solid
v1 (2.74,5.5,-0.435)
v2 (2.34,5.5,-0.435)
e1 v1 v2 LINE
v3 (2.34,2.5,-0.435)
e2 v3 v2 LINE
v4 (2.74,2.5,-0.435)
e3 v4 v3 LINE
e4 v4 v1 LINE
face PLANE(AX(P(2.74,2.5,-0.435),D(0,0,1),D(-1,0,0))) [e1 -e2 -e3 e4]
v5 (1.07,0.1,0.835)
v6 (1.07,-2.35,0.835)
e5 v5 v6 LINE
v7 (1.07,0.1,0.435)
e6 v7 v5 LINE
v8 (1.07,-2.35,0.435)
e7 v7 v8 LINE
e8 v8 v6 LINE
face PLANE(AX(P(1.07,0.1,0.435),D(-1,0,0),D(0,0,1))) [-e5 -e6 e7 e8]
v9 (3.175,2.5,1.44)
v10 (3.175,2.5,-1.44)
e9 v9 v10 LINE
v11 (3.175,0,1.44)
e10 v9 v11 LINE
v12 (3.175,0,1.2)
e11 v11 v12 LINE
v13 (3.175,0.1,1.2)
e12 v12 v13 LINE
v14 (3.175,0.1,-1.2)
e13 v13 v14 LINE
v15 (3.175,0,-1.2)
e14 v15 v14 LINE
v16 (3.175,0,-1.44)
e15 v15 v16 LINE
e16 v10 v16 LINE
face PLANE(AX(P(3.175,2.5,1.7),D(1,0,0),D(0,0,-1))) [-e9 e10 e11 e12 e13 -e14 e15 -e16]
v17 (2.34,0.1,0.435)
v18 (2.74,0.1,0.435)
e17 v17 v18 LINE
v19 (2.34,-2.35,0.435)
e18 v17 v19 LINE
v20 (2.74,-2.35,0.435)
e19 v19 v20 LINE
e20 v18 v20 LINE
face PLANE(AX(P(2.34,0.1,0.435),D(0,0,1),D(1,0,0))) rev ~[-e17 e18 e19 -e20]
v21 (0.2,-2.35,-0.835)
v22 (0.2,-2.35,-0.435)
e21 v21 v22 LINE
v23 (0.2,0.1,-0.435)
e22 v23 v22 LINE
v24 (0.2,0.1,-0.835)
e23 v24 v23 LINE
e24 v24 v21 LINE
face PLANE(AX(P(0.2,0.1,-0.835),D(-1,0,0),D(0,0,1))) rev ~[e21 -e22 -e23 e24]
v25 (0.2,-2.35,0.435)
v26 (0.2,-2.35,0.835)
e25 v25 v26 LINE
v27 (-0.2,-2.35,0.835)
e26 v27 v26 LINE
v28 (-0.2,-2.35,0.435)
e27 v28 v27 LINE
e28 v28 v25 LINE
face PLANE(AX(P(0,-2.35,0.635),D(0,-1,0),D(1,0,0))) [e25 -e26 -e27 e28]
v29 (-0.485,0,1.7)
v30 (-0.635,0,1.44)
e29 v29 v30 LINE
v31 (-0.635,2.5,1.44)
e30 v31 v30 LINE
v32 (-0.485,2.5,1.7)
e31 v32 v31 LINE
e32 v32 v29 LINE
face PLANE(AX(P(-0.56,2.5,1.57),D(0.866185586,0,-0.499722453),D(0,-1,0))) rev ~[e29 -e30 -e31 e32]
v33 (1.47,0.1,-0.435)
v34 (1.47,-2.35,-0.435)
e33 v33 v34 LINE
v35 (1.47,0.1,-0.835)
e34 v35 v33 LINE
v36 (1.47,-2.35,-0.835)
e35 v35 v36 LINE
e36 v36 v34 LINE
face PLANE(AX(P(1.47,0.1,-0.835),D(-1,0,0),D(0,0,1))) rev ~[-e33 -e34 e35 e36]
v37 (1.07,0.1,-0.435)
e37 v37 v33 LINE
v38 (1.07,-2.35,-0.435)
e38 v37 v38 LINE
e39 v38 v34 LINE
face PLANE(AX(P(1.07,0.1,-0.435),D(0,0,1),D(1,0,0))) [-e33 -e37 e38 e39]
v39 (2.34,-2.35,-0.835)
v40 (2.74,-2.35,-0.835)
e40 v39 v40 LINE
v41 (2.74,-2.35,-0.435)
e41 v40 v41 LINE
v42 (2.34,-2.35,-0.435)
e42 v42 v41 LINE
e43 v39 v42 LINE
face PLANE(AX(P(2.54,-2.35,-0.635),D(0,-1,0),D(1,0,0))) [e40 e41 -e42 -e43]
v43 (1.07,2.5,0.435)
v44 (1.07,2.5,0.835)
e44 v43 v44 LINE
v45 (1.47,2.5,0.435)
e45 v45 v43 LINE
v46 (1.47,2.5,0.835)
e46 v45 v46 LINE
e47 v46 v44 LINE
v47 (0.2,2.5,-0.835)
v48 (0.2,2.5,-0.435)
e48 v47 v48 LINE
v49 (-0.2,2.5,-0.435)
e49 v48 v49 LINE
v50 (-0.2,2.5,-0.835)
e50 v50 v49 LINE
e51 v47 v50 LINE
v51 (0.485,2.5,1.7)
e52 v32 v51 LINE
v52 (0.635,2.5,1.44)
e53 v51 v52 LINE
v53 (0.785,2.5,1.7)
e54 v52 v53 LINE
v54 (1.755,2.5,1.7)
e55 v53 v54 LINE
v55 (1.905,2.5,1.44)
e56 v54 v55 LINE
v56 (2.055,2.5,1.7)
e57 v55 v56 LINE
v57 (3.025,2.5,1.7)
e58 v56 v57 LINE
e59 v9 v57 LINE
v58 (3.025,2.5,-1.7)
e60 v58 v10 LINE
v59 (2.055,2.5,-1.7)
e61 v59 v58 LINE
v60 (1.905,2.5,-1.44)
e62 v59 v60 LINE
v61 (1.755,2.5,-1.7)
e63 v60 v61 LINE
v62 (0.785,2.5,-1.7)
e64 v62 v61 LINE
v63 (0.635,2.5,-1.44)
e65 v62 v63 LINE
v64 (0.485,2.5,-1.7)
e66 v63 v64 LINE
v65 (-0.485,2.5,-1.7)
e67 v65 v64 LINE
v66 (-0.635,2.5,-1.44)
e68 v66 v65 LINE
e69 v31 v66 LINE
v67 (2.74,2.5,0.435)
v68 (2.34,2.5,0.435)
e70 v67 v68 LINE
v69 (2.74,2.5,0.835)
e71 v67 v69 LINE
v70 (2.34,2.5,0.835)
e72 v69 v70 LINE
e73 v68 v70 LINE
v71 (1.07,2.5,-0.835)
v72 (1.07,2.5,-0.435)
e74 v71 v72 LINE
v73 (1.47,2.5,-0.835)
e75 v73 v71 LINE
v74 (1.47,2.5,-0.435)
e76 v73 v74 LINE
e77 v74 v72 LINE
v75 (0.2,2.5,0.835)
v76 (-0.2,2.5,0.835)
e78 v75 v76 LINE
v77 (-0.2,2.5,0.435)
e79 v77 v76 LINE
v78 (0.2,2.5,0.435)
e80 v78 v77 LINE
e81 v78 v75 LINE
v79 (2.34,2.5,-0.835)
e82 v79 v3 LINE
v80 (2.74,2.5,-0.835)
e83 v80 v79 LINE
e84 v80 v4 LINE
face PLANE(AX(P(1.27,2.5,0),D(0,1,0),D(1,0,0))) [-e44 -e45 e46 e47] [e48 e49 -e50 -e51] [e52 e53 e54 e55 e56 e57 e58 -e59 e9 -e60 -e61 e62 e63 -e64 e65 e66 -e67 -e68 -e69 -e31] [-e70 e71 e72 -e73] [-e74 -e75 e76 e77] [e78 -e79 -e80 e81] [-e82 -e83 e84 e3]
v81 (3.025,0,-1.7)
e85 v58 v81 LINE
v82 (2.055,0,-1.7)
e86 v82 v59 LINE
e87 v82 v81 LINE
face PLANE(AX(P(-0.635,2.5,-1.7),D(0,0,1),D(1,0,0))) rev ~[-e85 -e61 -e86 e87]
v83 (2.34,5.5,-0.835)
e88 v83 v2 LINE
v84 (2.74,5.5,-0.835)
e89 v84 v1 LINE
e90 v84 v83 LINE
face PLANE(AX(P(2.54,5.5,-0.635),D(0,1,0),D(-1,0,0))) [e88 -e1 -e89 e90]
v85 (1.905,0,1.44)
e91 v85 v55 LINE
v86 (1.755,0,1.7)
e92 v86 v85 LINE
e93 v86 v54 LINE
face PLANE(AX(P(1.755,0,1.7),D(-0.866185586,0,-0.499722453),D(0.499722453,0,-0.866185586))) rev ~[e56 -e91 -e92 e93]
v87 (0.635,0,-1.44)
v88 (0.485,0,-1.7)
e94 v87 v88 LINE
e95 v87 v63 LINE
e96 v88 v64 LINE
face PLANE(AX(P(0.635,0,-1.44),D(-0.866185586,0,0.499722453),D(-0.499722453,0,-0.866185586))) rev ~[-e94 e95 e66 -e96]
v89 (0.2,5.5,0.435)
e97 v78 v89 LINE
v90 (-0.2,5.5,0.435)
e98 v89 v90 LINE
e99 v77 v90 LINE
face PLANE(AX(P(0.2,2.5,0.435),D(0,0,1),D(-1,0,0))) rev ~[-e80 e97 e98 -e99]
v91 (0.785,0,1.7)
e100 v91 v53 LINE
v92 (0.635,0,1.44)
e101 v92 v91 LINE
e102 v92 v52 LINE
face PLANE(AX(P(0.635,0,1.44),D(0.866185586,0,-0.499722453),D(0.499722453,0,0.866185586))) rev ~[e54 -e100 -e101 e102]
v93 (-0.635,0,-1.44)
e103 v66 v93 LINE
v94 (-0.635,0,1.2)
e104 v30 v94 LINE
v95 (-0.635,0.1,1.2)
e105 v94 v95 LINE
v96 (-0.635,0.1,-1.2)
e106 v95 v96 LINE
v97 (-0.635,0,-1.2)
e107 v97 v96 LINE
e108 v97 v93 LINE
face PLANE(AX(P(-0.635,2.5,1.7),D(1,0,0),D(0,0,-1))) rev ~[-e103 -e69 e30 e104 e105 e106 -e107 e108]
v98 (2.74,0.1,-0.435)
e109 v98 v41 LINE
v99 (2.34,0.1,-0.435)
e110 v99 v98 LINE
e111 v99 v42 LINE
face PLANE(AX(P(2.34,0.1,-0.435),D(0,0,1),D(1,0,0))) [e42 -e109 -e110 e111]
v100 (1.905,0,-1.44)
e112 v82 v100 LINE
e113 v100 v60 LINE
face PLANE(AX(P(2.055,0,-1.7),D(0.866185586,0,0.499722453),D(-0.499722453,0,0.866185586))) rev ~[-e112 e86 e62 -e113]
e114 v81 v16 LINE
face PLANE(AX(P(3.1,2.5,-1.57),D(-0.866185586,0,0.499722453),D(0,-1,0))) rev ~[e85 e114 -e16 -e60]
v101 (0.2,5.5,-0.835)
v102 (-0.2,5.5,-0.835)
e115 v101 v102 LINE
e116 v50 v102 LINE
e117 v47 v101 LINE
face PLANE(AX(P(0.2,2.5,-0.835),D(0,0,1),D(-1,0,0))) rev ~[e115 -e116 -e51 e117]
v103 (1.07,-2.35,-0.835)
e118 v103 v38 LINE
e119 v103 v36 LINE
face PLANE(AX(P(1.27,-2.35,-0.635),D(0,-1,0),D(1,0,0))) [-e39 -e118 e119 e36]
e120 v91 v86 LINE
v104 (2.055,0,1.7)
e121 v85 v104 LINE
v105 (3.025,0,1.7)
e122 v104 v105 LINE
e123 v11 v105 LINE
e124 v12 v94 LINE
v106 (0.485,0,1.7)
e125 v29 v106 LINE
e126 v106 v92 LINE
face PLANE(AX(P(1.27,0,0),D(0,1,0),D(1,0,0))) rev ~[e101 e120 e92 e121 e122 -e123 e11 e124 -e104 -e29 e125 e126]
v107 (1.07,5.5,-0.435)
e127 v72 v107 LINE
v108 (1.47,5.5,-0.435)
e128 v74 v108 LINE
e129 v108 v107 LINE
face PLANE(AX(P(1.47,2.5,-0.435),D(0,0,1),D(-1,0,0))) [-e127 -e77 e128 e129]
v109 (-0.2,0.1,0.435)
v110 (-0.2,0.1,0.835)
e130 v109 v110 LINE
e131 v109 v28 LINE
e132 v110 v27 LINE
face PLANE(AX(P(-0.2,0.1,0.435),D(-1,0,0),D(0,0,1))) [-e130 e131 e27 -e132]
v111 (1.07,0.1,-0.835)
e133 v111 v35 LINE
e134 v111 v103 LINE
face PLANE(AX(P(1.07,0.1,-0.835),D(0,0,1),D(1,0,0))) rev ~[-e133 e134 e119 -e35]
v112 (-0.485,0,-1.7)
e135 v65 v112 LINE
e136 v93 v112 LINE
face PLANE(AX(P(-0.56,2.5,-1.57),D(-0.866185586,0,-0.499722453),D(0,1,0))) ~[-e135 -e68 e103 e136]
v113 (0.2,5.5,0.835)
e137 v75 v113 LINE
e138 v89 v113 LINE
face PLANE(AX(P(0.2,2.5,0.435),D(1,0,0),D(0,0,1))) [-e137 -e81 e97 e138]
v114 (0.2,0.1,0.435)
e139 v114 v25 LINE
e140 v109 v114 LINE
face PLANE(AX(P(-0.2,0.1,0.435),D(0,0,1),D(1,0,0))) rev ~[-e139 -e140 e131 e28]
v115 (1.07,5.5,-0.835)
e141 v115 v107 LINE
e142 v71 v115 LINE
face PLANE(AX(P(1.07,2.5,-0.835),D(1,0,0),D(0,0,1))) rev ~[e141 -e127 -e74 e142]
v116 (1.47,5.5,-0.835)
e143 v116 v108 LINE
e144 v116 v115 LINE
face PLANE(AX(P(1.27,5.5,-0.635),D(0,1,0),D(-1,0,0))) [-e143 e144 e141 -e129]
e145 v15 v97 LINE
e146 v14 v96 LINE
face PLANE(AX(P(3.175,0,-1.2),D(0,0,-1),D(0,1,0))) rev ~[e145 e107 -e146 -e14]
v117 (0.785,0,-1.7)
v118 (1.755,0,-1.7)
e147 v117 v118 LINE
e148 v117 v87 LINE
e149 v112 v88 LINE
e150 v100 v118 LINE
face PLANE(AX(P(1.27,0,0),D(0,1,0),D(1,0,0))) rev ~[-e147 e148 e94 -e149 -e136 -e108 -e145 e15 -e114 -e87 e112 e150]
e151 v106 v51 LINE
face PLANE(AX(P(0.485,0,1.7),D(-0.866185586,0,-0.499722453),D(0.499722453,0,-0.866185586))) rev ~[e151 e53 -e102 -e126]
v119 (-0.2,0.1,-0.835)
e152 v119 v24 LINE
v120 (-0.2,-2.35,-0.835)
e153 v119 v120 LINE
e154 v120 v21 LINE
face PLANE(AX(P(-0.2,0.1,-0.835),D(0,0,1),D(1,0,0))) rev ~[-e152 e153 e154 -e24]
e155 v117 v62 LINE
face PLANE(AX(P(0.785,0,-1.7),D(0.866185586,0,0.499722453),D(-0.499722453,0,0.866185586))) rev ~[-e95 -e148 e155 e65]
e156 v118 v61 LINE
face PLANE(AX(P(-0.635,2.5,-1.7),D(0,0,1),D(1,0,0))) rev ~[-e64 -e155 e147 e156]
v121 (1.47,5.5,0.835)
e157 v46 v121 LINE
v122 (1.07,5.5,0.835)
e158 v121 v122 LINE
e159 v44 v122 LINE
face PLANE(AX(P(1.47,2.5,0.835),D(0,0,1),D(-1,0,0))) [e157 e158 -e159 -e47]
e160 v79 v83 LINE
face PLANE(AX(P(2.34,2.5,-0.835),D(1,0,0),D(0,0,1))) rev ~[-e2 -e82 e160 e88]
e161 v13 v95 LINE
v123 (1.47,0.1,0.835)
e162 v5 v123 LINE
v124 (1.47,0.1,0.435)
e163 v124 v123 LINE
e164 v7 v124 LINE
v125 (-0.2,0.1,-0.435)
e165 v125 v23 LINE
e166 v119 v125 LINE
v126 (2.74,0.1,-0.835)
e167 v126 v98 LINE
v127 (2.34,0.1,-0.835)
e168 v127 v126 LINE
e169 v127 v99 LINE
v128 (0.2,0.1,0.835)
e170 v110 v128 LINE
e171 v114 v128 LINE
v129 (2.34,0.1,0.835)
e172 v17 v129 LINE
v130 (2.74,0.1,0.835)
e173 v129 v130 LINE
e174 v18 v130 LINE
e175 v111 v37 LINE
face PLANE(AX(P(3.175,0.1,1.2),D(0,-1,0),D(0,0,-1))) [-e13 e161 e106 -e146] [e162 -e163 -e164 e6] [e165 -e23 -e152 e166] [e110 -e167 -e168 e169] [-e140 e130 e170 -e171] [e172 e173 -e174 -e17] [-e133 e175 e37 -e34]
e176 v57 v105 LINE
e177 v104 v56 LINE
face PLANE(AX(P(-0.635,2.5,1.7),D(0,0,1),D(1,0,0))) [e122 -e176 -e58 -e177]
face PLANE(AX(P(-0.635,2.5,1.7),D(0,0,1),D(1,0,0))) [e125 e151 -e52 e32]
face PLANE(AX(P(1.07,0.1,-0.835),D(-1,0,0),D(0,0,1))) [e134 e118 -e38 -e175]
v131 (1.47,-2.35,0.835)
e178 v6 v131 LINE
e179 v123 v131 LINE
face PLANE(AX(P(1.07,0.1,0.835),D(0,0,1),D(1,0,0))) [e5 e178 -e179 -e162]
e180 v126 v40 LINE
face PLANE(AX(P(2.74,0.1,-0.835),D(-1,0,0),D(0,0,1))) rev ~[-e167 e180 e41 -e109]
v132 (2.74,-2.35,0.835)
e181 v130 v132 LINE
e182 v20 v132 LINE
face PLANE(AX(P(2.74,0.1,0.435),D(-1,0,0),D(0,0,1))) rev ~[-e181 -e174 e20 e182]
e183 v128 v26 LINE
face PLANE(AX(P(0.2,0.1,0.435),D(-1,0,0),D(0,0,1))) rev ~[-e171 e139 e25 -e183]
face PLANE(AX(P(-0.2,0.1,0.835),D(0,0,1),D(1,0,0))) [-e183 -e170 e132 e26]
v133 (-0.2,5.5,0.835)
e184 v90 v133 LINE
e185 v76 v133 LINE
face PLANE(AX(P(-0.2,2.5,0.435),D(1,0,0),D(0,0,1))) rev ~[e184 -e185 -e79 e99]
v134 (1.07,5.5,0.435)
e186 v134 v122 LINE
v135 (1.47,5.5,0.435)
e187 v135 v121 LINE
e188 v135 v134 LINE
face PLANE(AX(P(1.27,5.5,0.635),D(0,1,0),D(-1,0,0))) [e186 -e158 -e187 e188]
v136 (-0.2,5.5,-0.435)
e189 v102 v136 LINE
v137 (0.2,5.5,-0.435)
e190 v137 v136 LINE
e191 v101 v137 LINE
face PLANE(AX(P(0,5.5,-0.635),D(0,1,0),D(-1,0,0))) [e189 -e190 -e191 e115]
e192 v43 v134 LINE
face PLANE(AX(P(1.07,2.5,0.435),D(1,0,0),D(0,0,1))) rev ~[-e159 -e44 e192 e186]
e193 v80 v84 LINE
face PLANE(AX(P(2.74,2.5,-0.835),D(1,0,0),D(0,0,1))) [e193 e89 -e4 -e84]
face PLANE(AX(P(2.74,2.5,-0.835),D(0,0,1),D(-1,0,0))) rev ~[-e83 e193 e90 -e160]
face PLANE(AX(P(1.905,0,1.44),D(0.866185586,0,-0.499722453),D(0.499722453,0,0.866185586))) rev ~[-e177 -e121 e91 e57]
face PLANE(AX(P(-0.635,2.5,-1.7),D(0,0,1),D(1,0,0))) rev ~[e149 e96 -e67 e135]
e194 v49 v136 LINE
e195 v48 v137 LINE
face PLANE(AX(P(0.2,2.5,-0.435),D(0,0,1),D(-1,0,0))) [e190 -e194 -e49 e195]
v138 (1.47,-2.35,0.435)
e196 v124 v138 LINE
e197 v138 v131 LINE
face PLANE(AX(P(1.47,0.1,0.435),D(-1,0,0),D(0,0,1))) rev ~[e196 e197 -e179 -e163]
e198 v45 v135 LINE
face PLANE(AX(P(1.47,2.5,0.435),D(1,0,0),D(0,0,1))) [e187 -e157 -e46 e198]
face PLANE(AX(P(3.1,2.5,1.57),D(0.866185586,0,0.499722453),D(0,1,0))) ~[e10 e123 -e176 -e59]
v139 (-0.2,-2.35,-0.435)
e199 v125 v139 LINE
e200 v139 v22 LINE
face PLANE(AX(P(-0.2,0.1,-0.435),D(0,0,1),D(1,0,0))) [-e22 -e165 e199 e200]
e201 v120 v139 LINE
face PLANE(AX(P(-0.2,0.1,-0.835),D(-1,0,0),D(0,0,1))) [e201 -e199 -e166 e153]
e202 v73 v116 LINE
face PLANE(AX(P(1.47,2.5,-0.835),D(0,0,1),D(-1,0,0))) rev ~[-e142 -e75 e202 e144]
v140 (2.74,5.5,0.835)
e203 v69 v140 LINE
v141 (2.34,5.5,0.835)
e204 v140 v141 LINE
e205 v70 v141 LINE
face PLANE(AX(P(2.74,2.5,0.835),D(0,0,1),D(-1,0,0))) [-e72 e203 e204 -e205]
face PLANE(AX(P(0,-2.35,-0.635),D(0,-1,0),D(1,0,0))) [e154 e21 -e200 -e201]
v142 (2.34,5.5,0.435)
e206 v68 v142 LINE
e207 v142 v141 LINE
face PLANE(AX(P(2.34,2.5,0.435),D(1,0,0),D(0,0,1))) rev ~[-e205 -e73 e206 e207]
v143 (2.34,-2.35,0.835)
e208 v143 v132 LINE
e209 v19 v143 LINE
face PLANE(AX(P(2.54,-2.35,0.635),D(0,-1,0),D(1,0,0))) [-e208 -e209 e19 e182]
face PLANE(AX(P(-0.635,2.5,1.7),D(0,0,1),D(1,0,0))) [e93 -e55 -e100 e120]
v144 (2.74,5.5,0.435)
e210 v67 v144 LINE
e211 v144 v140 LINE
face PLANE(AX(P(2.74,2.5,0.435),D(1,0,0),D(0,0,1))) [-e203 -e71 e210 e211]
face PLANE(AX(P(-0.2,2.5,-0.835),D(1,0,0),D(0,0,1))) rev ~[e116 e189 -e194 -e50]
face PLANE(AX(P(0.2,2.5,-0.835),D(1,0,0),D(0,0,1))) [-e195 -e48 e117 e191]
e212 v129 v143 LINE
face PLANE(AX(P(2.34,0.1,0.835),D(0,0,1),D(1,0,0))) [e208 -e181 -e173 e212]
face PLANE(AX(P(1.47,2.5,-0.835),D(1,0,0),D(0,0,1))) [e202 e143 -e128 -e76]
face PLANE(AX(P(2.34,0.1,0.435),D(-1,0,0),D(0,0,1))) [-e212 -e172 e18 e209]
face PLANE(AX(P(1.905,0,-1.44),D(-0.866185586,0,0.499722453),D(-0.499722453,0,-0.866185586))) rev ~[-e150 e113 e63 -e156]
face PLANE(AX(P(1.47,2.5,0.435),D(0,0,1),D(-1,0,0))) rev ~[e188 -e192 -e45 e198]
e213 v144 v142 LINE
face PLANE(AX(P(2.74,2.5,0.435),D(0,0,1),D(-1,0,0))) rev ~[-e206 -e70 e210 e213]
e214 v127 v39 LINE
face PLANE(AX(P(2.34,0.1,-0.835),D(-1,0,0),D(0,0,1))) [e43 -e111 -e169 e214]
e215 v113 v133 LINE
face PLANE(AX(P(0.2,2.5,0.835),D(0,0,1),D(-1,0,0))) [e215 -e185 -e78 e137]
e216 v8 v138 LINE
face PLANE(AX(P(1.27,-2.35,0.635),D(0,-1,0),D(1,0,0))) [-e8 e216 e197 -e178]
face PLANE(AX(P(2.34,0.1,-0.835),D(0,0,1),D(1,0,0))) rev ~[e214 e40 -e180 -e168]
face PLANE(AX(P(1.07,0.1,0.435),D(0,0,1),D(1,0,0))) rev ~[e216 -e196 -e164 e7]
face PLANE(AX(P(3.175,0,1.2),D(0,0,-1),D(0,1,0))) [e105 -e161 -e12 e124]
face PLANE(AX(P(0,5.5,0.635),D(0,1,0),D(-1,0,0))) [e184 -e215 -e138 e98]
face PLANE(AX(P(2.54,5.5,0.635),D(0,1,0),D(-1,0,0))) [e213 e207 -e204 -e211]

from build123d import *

# Parameters (mm, degrees)
SKETCH1_W             = 3.81
SKETCH1_H             = 3.4
BOSS_EXTRUDE1_DEPTH   = 2.5
CUT_EXTRUDE1_DEPTH    = 2.5
CUT_EXTRUDE2_DEPTH    = 2.5
CUT_EXTRUDE3_DEPTH    = 2.5
SKETCH5_W             = 2.4
SKETCH5_H             = 0.1
CUT_EXTRUDE4_DEPTH    = 4.81
CUT_EXTRUDE5_DEPTH    = 2.5
SKETCH7_W             = 0.4
SKETCH7_H             = 0.4
BOSS_EXTRUDE2_DEPTH   = 2.45
SKETCH8_W             = 0.4
SKETCH8_H             = 0.4
BOSS_EXTRUDE3_DEPTH   = 2.45
SKETCH9_W             = 0.4
SKETCH9_H             = 0.4
BOSS_EXTRUDE4_DEPTH   = 2.45
SKETCH10_W            = 0.4
SKETCH10_H            = 0.4
BOSS_EXTRUDE5_DEPTH   = 2.45
SKETCH11_W            = 0.4
SKETCH11_H            = 0.4
BOSS_EXTRUDE6_DEPTH   = 2.45
SKETCH12_W            = 0.4
SKETCH12_H            = 0.4
BOSS_EXTRUDE7_DEPTH   = 2.45
SKETCH13_W            = 0.4
SKETCH13_H            = 0.4
BOSS_EXTRUDE8_DEPTH   = 3
SKETCH14_W            = 0.4
SKETCH14_H            = 0.4
BOSS_EXTRUDE9_DEPTH   = 3
SKETCH15_W            = 0.4
SKETCH15_H            = 0.4
BOSS_EXTRUDE10_DEPTH  = 3
SKETCH16_W            = 0.4
SKETCH16_H            = 0.4
BOSS_EXTRUDE11_DEPTH  = 3
SKETCH17_W            = 0.4
SKETCH17_H            = 0.4
BOSS_EXTRUDE12_DEPTH  = 3
SKETCH18_W            = 0.4
SKETCH18_H            = 0.4
BOSS_EXTRUDE13_DEPTH  = 3
CHAMFER1_SIZE         = 0.15
CHAMFER1_SIZE2        = 0.26
CHAMFER1_PART_2_SIZE  = 0.15
CHAMFER1_PART_2_SIZE2 = 0.26
CHAMFER2_SIZE         = 0.26
CHAMFER2_SIZE2        = 0.15
CHAMFER2_PART_2_SIZE  = 0.26
CHAMFER2_PART_2_SIZE2 = 0.15


with BuildPart() as part:
    # Sketch1 → Boss-Extrude1 (new body)
    with BuildSketch(Plane(origin=(0, 2.5, 0), x_dir=(1, 0, 0), z_dir=(0, 1, 0))):
        with Locations((1.27, 0)):
            Rectangle(SKETCH1_W, SKETCH1_H)
    extrude(amount=-BOSS_EXTRUDE1_DEPTH)

    # Sketch2 → Cut-Extrude1 (cut)
    with BuildSketch(Plane.XZ):
        Polygon((0.785, 1.7), (0.485, 1.7), (0.635, 1.44), align=None)
    extrude(amount=-CUT_EXTRUDE1_DEPTH, mode=Mode.SUBTRACT)

    # Sketch3 → Cut-Extrude2 (cut)
    with BuildSketch(Plane.XZ):
        Polygon((1.755, -1.7), (2.055, -1.7), (1.905, -1.44), align=None)
    extrude(amount=-CUT_EXTRUDE2_DEPTH, mode=Mode.SUBTRACT)

    # Sketch4 → Cut-Extrude3 (cut)
    with BuildSketch(Plane.XZ):
        Polygon((0.485, -1.7), (0.785, -1.7), (0.635, -1.44), align=None)
    extrude(amount=-CUT_EXTRUDE3_DEPTH, mode=Mode.SUBTRACT)

    # Sketch5 → Cut-Extrude4 (cut, through all)
    with BuildSketch(Plane(origin=(3.175, 0, 0), x_dir=(0, 0, -1), z_dir=(1, 0, 0))):
        with Locations((0, 0.05)):
            Rectangle(SKETCH5_W, SKETCH5_H)
    extrude(amount=-CUT_EXTRUDE4_DEPTH, mode=Mode.SUBTRACT)

    # Sketch6 → Cut-Extrude5 (cut)
    with BuildSketch(Plane.XZ):
        Polygon((2.055, 1.7), (1.755, 1.7), (1.905, 1.44), align=None)
    extrude(amount=-CUT_EXTRUDE5_DEPTH, mode=Mode.SUBTRACT)

    # Sketch7 → Boss-Extrude2 (add)
    with BuildSketch(Plane.XZ.offset(-0.1)):
        with Locations((2.54, 0.635)):
            Rectangle(SKETCH7_W, SKETCH7_H)
    extrude(amount=BOSS_EXTRUDE2_DEPTH)

    # Sketch8 → Boss-Extrude3 (add)
    with BuildSketch(Plane.XZ.offset(-0.1)):
        with Locations((2.54, -0.635)):
            Rectangle(SKETCH8_W, SKETCH8_H)
    extrude(amount=BOSS_EXTRUDE3_DEPTH)

    # Sketch9 → Boss-Extrude4 (add)
    with BuildSketch(Plane.XZ.offset(-0.1)):
        with Locations((1.27, 0.635)):
            Rectangle(SKETCH9_W, SKETCH9_H)
    extrude(amount=BOSS_EXTRUDE4_DEPTH)

    # Sketch10 → Boss-Extrude5 (add)
    with BuildSketch(Plane.XZ.offset(-0.1)):
        with Locations((1.27, -0.635)):
            Rectangle(SKETCH10_W, SKETCH10_H)
    extrude(amount=BOSS_EXTRUDE5_DEPTH)

    # Sketch11 → Boss-Extrude6 (add)
    with BuildSketch(Plane.XZ.offset(-0.1)):
        with Locations((0, 0.635)):
            Rectangle(SKETCH11_W, SKETCH11_H)
    extrude(amount=BOSS_EXTRUDE6_DEPTH)

    # Sketch12 → Boss-Extrude7 (add)
    with BuildSketch(Plane.XZ.offset(-0.1)):
        with Locations((0, -0.635)):
            Rectangle(SKETCH12_W, SKETCH12_H)
    extrude(amount=BOSS_EXTRUDE7_DEPTH)

    # Sketch13 → Boss-Extrude8 (add)
    with BuildSketch(Plane(origin=(0, 2.5, 0), x_dir=(-1, 0, 0), z_dir=(0, 1, 0))):
        with Locations((-2.54, 0.635)):
            Rectangle(SKETCH13_W, SKETCH13_H)
    extrude(amount=BOSS_EXTRUDE8_DEPTH)

    # Sketch14 → Boss-Extrude9 (add)
    with BuildSketch(Plane(origin=(0, 2.5, 0), x_dir=(-1, 0, 0), z_dir=(0, 1, 0))):
        with Locations((-2.54, -0.635)):
            Rectangle(SKETCH14_W, SKETCH14_H)
    extrude(amount=BOSS_EXTRUDE9_DEPTH)

    # Sketch15 → Boss-Extrude10 (add)
    with BuildSketch(Plane(origin=(0, 2.5, 0), x_dir=(-1, 0, 0), z_dir=(0, 1, 0))):
        with Locations((-1.27, 0.635)):
            Rectangle(SKETCH15_W, SKETCH15_H)
    extrude(amount=BOSS_EXTRUDE10_DEPTH)

    # Sketch16 → Boss-Extrude11 (add)
    with BuildSketch(Plane(origin=(0, 2.5, 0), x_dir=(-1, 0, 0), z_dir=(0, 1, 0))):
        with Locations((-1.27, -0.635)):
            Rectangle(SKETCH16_W, SKETCH16_H)
    extrude(amount=BOSS_EXTRUDE11_DEPTH)

    # Sketch17 → Boss-Extrude12 (add)
    with BuildSketch(Plane(origin=(0, 2.5, 0), x_dir=(-1, 0, 0), z_dir=(0, 1, 0))):
        with Locations((0, 0.635)):
            Rectangle(SKETCH17_W, SKETCH17_H)
    extrude(amount=BOSS_EXTRUDE12_DEPTH)

    # Sketch18 → Boss-Extrude13 (add)
    with BuildSketch(Plane(origin=(0, 2.5, 0), x_dir=(-1, 0, 0), z_dir=(0, 1, 0))):
        with Locations((0, -0.635)):
            Rectangle(SKETCH18_W, SKETCH18_H)
    extrude(amount=BOSS_EXTRUDE13_DEPTH)

    # Chamfer1
    chamfer1_edges = [part.edges().sort_by_distance(p)[0] for p in [
        (-0.635, 1.25, 1.7),
    ]]
    chamfer1_side = [part.faces().sort_by_distance(p)[0] for p in [
        (-0.075, 1.25, 1.7),
    ]]
    chamfer(chamfer1_edges, length=CHAMFER1_SIZE, length2=CHAMFER1_SIZE2, reference=chamfer1_side[0])

    # Chamfer1 part 2
    chamfer1_part_2_edges = [part.edges().sort_by_distance(p)[0] for p in [
        (3.175, 1.25, -1.7),
    ]]
    chamfer1_part_2_side = [part.faces().sort_by_distance(p)[0] for p in [
        (2.615, 1.25, -1.7),
    ]]
    chamfer(chamfer1_part_2_edges, length=CHAMFER1_PART_2_SIZE, length2=CHAMFER1_PART_2_SIZE2, reference=chamfer1_part_2_side[0])

    # Chamfer2
    chamfer2_edges = [part.edges().sort_by_distance(p)[0] for p in [
        (-0.635, 1.25, -1.7),
    ]]
    chamfer2_side = [part.faces().sort_by_distance(p)[0] for p in [
        (-0.635, 1.287844941, -0.134099869),
    ]]
    chamfer(chamfer2_edges, length=CHAMFER2_SIZE, length2=CHAMFER2_SIZE2, reference=chamfer2_side[0])

    # Chamfer2 part 2
    chamfer2_part_2_edges = [part.edges().sort_by_distance(p)[0] for p in [
        (3.175, 1.25, 1.7),
    ]]
    chamfer2_part_2_side = [part.faces().sort_by_distance(p)[0] for p in [
        (3.175, 1.287844941, 0.134099869),
    ]]
    chamfer(chamfer2_part_2_edges, length=CHAMFER2_PART_2_SIZE, length2=CHAMFER2_PART_2_SIZE2, reference=chamfer2_part_2_side[0])


solid = part.part
